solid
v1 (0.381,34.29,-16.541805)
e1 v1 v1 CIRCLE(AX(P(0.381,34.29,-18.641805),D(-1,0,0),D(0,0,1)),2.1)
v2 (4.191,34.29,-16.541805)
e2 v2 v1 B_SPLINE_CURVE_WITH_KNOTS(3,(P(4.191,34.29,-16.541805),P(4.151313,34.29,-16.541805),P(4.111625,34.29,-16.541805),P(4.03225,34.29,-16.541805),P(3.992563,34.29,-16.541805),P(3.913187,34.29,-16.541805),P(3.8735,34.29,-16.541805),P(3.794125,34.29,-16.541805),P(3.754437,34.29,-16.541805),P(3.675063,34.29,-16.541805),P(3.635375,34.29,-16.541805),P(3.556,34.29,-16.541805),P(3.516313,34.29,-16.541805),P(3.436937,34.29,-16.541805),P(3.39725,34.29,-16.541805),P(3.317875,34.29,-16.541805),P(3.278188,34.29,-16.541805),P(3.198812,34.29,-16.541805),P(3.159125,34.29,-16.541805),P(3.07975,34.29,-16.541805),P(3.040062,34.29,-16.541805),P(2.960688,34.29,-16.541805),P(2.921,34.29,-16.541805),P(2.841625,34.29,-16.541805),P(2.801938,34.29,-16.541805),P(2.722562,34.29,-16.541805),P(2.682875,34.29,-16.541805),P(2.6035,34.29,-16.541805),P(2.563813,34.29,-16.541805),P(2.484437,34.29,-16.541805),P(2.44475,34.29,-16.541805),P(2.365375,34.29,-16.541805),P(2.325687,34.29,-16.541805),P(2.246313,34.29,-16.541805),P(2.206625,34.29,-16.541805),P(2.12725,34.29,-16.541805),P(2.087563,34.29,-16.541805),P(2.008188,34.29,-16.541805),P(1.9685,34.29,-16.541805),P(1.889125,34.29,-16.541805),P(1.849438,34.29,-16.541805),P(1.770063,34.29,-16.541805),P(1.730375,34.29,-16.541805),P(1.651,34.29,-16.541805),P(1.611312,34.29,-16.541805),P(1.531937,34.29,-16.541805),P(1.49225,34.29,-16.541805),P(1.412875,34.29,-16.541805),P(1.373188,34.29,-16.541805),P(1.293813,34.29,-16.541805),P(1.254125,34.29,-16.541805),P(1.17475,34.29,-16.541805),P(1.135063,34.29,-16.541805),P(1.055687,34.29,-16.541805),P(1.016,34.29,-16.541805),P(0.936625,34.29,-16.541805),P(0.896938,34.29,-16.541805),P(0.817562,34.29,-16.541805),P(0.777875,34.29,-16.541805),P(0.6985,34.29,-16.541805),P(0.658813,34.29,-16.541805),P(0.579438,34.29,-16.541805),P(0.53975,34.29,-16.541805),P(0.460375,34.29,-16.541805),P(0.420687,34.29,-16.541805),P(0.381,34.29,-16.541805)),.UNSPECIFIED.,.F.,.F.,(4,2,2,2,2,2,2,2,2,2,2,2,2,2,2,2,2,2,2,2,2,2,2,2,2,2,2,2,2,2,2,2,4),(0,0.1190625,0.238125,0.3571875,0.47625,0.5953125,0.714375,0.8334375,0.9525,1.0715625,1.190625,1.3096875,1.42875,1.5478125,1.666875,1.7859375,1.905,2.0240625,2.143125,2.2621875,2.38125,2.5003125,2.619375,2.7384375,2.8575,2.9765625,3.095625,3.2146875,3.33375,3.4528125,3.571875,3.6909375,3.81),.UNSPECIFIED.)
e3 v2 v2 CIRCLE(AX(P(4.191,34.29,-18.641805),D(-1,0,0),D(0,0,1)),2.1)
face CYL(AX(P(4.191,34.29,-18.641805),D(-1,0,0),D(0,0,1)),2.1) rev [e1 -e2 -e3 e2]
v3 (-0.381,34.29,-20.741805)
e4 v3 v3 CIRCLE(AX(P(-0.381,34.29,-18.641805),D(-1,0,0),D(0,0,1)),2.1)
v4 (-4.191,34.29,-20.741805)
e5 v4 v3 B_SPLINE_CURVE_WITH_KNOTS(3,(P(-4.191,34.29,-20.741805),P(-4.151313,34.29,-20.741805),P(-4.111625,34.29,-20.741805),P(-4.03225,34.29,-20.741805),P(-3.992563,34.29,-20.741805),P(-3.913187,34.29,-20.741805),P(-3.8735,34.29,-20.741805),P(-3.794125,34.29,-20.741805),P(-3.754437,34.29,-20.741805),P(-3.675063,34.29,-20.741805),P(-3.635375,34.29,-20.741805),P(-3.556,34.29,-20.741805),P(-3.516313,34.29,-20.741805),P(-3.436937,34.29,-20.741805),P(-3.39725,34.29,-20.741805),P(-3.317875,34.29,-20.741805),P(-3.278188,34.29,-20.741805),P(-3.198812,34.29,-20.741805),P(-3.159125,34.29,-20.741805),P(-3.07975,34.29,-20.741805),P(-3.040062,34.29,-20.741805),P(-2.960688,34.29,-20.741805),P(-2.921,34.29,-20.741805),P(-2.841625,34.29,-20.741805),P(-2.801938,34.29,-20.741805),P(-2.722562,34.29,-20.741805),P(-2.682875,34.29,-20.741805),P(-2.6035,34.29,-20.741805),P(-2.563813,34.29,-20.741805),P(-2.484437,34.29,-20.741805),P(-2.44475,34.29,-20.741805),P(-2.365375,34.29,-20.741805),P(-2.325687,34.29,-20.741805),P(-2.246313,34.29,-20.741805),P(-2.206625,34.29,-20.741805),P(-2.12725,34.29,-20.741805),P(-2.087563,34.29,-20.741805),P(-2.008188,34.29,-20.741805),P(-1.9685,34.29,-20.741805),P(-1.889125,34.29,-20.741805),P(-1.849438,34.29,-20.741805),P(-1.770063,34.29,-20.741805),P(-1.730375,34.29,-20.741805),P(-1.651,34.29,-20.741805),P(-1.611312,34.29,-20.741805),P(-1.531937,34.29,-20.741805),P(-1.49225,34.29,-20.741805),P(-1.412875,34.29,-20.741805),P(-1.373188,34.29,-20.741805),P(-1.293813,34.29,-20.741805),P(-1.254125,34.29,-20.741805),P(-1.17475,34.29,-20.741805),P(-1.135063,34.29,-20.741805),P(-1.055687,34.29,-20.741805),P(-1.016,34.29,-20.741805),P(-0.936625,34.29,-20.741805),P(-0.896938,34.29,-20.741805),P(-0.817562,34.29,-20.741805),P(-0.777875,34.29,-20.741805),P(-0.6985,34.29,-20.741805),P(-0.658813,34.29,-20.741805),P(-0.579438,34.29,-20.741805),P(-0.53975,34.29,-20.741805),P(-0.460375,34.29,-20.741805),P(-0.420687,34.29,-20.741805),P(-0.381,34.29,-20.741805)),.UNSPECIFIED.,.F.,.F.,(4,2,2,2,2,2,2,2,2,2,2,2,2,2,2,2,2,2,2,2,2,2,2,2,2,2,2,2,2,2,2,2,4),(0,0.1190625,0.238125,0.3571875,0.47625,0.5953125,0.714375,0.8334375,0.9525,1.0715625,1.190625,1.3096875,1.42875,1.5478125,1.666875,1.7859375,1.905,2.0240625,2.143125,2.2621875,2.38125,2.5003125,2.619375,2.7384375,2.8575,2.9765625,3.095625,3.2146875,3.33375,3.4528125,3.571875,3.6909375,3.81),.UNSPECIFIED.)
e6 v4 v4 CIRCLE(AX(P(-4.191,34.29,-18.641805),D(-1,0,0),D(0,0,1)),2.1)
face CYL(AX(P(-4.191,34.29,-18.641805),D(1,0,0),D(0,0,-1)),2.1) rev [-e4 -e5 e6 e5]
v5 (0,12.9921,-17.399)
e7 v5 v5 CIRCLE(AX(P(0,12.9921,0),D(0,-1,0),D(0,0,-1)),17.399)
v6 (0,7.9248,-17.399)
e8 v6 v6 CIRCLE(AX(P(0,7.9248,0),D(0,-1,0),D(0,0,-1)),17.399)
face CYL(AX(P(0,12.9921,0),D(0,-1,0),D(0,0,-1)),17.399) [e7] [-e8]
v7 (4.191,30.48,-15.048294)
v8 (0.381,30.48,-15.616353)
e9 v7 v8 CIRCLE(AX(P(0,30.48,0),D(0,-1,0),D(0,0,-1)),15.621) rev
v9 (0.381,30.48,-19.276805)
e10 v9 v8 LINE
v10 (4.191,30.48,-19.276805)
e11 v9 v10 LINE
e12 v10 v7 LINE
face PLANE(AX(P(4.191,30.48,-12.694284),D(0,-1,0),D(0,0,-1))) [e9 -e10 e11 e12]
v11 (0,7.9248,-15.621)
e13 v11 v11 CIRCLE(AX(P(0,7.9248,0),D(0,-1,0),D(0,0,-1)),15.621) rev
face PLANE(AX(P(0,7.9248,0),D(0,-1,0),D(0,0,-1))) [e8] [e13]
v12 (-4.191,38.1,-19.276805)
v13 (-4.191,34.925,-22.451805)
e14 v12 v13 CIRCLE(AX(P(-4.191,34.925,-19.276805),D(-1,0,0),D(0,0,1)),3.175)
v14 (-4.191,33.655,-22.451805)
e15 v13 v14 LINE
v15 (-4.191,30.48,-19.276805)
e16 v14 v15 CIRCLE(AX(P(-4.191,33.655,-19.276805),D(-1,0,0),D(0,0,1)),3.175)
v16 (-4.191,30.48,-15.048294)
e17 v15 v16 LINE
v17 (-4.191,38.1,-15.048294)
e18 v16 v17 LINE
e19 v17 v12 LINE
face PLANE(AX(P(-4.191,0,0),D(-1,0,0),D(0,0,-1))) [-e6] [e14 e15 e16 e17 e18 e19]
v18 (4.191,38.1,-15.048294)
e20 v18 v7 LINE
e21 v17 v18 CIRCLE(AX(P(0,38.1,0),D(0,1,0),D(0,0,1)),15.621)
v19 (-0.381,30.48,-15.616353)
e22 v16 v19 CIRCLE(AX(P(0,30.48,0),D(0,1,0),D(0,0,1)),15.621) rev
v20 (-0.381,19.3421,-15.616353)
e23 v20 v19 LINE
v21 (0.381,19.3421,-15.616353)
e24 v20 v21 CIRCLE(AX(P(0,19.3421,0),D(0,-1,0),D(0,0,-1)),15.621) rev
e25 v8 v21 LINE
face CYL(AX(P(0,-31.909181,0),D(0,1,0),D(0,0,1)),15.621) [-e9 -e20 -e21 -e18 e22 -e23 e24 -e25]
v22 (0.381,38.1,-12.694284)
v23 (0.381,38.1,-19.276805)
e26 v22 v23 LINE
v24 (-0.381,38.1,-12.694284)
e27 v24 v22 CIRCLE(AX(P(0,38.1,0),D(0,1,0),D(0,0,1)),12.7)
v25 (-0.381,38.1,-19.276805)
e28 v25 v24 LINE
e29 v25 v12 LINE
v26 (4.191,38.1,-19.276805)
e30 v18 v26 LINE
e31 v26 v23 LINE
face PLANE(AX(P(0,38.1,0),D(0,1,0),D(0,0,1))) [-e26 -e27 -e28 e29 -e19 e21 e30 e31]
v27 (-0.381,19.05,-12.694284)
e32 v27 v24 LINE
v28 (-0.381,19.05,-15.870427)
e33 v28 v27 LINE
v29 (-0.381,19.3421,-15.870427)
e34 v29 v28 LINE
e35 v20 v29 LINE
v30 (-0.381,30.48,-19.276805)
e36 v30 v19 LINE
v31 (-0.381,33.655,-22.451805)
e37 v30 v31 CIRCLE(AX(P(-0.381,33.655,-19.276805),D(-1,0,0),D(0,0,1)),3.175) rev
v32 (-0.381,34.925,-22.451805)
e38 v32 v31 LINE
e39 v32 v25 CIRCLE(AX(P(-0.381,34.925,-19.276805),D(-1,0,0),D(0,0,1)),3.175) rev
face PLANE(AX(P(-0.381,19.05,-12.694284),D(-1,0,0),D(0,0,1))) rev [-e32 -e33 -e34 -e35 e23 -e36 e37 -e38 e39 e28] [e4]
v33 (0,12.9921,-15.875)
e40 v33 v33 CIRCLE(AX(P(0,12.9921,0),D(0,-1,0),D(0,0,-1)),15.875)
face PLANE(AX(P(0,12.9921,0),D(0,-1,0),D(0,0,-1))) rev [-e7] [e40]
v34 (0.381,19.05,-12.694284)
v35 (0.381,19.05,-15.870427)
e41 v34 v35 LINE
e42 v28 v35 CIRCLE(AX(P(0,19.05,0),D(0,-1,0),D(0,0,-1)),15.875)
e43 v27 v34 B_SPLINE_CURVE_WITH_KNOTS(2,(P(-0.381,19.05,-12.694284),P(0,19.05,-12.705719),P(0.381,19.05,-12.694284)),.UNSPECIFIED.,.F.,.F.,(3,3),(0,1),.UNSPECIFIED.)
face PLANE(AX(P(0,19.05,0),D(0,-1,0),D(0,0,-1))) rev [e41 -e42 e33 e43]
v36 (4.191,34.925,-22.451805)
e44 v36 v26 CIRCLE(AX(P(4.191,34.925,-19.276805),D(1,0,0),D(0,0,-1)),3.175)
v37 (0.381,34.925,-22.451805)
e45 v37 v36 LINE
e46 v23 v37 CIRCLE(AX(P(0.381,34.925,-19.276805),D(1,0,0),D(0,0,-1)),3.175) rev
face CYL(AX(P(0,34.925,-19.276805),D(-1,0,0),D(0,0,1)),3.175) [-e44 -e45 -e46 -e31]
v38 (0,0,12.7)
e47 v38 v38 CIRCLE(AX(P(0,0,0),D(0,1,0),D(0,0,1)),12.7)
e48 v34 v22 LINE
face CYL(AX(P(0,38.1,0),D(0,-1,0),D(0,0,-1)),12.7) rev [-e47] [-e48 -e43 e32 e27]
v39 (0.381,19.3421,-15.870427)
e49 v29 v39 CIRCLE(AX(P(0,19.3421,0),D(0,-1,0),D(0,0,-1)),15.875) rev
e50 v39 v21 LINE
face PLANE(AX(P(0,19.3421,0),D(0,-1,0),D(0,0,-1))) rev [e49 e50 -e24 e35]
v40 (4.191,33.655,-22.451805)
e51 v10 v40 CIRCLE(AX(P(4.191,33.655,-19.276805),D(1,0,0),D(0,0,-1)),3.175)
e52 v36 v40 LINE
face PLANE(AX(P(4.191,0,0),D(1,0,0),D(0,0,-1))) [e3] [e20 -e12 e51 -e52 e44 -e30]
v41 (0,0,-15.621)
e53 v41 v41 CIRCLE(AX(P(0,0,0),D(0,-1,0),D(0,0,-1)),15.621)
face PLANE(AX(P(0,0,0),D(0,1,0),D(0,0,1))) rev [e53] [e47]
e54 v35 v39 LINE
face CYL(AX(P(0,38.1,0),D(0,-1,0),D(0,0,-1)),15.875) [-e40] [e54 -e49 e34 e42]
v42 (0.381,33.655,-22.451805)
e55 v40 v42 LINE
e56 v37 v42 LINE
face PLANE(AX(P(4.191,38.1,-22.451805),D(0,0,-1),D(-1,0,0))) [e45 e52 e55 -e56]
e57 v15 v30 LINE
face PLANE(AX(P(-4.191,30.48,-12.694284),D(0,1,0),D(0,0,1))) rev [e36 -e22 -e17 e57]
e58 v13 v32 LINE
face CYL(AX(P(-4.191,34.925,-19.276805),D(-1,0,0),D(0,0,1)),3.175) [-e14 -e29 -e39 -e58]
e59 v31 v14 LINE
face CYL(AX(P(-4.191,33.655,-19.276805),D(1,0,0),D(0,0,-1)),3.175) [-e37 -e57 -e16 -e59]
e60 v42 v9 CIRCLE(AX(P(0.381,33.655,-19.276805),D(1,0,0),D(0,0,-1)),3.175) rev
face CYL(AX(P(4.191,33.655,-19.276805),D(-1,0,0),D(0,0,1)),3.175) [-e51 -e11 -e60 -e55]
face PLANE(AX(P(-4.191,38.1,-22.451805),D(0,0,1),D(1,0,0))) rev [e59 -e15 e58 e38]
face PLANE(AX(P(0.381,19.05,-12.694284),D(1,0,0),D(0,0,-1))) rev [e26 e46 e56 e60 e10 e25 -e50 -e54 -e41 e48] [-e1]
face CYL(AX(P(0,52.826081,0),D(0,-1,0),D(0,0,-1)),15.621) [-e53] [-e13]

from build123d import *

# Parameters (mm, degrees)
SKETCH1_R           = 15.875
SKETCH1_R_2         = 12.7
BOSS_EXTRUDE1_DEPTH = 38.1
SKETCH2_R           = 17.399
SKETCH2_R_2         = 15.875
BOSS_EXTRUDE2_DEPTH = 5.0673
SKETCH3_R           = 15.875
SKETCH3_R_2         = 15.621
CUT_EXTRUDE1_DEPTH  = 7.9248
CUT_EXTRUDE2_START  = -19.3421
SKETCH3_2_R         = 15.875
SKETCH3_2_R_2       = 15.621
CUT_EXTRUDE2_DEPTH  = 18.7579
SKETCH4_W           = 0.762
SKETCH4_H           = 4.704716286
CUT_EXTRUDE3_DEPTH  = 19.05
SKETCH5_W           = 9.757521138
SKETCH5_H           = 7.62
SKETCH5_R           = 2.1
BOSS_EXTRUDE3_DEPTH = 3.81
FILLET1_R           = 3.175


with BuildPart() as part:
    # Sketch1 → Boss-Extrude1 (new body)
    with BuildSketch(Plane(origin=(0, 0, 0), x_dir=(1, 0, 0), z_dir=(0, 1, 0))):
        with Locations(Location((0, 0, 0), (0, 0, 90))):
            Circle(SKETCH1_R)
        with Locations(Location((0, 0, 0), (0, 0, 90))):
            Circle(SKETCH1_R_2, mode=Mode.SUBTRACT)
    extrude(amount=BOSS_EXTRUDE1_DEPTH)

    # Sketch2 → Boss-Extrude2 (add)
    with BuildSketch(Plane(origin=(0, 7.9248, 0), x_dir=(-1, 0, 0), z_dir=(0, -1, 0))):
        with Locations(Location((0, 0, 0), (0, 0, 90))):
            Circle(SKETCH2_R)
        with Locations(Location((0, 0, 0), (0, 0, 90))):
            Circle(SKETCH2_R_2, mode=Mode.SUBTRACT)
    extrude(amount=-BOSS_EXTRUDE2_DEPTH)

    # Sketch3 → Cut-Extrude1 (cut)
    with BuildSketch(Plane.XZ):
        with Locations(Location((0, 0, 0), (0, 0, 270))):
            Circle(SKETCH3_R)
        with Locations(Location((0, 0, 0), (0, 0, 270))):
            Circle(SKETCH3_R_2, mode=Mode.SUBTRACT)
    extrude(amount=-CUT_EXTRUDE1_DEPTH, mode=Mode.SUBTRACT)

    # Sketch3<2> → Cut-Extrude2 (cut)
    with BuildSketch(Plane.XZ.offset(CUT_EXTRUDE2_START)):
        with Locations(Location((0, 0, 0), (0, 0, 270))):
            Circle(SKETCH3_2_R)
        with Locations(Location((0, 0, 0), (0, 0, 270))):
            Circle(SKETCH3_2_R_2, mode=Mode.SUBTRACT)
    extrude(amount=-CUT_EXTRUDE2_DEPTH, mode=Mode.SUBTRACT)

    # Sketch4 → Cut-Extrude3 (cut)
    with BuildSketch(Plane(origin=(0, 38.1, 0), x_dir=(1, 0, 0), z_dir=(0, 1, 0))):
        with Locations((0, 15.046641857)):
            Rectangle(SKETCH4_W, SKETCH4_H)
    extrude(amount=-CUT_EXTRUDE3_DEPTH, mode=Mode.SUBTRACT)

    # Sketch5 → Boss-Extrude3 (add)
    with BuildSketch(Plane.ZY.offset(-0.381)):
        with Locations((-17.573044283, 34.29)):
            Rectangle(SKETCH5_W, SKETCH5_H)
        with Locations((-18.641804852, 34.29)):
            Circle(SKETCH5_R, mode=Mode.SUBTRACT)
    boss_extrude3 = extrude(amount=-BOSS_EXTRUDE3_DEPTH)

    # Mirror1: Boss-Extrude3 across plane
    add(boss_extrude3.mirror(Plane(origin=(0, 0, 0), x_dir=(0, 0, 1), z_dir=(1, 0, 0))))

    # Fillet1
    fillet1_edges = [part.edges().sort_by_distance(p)[0] for p in [
        (-2.286, 30.48, -22.451804852),
        (2.286, 30.48, -22.451804852),
        (2.286, 38.1, -22.451804852),
        (-2.286, 38.1, -22.451804852),
    ]]
    fillet(fillet1_edges, radius=FILLET1_R)


solid = part.part
